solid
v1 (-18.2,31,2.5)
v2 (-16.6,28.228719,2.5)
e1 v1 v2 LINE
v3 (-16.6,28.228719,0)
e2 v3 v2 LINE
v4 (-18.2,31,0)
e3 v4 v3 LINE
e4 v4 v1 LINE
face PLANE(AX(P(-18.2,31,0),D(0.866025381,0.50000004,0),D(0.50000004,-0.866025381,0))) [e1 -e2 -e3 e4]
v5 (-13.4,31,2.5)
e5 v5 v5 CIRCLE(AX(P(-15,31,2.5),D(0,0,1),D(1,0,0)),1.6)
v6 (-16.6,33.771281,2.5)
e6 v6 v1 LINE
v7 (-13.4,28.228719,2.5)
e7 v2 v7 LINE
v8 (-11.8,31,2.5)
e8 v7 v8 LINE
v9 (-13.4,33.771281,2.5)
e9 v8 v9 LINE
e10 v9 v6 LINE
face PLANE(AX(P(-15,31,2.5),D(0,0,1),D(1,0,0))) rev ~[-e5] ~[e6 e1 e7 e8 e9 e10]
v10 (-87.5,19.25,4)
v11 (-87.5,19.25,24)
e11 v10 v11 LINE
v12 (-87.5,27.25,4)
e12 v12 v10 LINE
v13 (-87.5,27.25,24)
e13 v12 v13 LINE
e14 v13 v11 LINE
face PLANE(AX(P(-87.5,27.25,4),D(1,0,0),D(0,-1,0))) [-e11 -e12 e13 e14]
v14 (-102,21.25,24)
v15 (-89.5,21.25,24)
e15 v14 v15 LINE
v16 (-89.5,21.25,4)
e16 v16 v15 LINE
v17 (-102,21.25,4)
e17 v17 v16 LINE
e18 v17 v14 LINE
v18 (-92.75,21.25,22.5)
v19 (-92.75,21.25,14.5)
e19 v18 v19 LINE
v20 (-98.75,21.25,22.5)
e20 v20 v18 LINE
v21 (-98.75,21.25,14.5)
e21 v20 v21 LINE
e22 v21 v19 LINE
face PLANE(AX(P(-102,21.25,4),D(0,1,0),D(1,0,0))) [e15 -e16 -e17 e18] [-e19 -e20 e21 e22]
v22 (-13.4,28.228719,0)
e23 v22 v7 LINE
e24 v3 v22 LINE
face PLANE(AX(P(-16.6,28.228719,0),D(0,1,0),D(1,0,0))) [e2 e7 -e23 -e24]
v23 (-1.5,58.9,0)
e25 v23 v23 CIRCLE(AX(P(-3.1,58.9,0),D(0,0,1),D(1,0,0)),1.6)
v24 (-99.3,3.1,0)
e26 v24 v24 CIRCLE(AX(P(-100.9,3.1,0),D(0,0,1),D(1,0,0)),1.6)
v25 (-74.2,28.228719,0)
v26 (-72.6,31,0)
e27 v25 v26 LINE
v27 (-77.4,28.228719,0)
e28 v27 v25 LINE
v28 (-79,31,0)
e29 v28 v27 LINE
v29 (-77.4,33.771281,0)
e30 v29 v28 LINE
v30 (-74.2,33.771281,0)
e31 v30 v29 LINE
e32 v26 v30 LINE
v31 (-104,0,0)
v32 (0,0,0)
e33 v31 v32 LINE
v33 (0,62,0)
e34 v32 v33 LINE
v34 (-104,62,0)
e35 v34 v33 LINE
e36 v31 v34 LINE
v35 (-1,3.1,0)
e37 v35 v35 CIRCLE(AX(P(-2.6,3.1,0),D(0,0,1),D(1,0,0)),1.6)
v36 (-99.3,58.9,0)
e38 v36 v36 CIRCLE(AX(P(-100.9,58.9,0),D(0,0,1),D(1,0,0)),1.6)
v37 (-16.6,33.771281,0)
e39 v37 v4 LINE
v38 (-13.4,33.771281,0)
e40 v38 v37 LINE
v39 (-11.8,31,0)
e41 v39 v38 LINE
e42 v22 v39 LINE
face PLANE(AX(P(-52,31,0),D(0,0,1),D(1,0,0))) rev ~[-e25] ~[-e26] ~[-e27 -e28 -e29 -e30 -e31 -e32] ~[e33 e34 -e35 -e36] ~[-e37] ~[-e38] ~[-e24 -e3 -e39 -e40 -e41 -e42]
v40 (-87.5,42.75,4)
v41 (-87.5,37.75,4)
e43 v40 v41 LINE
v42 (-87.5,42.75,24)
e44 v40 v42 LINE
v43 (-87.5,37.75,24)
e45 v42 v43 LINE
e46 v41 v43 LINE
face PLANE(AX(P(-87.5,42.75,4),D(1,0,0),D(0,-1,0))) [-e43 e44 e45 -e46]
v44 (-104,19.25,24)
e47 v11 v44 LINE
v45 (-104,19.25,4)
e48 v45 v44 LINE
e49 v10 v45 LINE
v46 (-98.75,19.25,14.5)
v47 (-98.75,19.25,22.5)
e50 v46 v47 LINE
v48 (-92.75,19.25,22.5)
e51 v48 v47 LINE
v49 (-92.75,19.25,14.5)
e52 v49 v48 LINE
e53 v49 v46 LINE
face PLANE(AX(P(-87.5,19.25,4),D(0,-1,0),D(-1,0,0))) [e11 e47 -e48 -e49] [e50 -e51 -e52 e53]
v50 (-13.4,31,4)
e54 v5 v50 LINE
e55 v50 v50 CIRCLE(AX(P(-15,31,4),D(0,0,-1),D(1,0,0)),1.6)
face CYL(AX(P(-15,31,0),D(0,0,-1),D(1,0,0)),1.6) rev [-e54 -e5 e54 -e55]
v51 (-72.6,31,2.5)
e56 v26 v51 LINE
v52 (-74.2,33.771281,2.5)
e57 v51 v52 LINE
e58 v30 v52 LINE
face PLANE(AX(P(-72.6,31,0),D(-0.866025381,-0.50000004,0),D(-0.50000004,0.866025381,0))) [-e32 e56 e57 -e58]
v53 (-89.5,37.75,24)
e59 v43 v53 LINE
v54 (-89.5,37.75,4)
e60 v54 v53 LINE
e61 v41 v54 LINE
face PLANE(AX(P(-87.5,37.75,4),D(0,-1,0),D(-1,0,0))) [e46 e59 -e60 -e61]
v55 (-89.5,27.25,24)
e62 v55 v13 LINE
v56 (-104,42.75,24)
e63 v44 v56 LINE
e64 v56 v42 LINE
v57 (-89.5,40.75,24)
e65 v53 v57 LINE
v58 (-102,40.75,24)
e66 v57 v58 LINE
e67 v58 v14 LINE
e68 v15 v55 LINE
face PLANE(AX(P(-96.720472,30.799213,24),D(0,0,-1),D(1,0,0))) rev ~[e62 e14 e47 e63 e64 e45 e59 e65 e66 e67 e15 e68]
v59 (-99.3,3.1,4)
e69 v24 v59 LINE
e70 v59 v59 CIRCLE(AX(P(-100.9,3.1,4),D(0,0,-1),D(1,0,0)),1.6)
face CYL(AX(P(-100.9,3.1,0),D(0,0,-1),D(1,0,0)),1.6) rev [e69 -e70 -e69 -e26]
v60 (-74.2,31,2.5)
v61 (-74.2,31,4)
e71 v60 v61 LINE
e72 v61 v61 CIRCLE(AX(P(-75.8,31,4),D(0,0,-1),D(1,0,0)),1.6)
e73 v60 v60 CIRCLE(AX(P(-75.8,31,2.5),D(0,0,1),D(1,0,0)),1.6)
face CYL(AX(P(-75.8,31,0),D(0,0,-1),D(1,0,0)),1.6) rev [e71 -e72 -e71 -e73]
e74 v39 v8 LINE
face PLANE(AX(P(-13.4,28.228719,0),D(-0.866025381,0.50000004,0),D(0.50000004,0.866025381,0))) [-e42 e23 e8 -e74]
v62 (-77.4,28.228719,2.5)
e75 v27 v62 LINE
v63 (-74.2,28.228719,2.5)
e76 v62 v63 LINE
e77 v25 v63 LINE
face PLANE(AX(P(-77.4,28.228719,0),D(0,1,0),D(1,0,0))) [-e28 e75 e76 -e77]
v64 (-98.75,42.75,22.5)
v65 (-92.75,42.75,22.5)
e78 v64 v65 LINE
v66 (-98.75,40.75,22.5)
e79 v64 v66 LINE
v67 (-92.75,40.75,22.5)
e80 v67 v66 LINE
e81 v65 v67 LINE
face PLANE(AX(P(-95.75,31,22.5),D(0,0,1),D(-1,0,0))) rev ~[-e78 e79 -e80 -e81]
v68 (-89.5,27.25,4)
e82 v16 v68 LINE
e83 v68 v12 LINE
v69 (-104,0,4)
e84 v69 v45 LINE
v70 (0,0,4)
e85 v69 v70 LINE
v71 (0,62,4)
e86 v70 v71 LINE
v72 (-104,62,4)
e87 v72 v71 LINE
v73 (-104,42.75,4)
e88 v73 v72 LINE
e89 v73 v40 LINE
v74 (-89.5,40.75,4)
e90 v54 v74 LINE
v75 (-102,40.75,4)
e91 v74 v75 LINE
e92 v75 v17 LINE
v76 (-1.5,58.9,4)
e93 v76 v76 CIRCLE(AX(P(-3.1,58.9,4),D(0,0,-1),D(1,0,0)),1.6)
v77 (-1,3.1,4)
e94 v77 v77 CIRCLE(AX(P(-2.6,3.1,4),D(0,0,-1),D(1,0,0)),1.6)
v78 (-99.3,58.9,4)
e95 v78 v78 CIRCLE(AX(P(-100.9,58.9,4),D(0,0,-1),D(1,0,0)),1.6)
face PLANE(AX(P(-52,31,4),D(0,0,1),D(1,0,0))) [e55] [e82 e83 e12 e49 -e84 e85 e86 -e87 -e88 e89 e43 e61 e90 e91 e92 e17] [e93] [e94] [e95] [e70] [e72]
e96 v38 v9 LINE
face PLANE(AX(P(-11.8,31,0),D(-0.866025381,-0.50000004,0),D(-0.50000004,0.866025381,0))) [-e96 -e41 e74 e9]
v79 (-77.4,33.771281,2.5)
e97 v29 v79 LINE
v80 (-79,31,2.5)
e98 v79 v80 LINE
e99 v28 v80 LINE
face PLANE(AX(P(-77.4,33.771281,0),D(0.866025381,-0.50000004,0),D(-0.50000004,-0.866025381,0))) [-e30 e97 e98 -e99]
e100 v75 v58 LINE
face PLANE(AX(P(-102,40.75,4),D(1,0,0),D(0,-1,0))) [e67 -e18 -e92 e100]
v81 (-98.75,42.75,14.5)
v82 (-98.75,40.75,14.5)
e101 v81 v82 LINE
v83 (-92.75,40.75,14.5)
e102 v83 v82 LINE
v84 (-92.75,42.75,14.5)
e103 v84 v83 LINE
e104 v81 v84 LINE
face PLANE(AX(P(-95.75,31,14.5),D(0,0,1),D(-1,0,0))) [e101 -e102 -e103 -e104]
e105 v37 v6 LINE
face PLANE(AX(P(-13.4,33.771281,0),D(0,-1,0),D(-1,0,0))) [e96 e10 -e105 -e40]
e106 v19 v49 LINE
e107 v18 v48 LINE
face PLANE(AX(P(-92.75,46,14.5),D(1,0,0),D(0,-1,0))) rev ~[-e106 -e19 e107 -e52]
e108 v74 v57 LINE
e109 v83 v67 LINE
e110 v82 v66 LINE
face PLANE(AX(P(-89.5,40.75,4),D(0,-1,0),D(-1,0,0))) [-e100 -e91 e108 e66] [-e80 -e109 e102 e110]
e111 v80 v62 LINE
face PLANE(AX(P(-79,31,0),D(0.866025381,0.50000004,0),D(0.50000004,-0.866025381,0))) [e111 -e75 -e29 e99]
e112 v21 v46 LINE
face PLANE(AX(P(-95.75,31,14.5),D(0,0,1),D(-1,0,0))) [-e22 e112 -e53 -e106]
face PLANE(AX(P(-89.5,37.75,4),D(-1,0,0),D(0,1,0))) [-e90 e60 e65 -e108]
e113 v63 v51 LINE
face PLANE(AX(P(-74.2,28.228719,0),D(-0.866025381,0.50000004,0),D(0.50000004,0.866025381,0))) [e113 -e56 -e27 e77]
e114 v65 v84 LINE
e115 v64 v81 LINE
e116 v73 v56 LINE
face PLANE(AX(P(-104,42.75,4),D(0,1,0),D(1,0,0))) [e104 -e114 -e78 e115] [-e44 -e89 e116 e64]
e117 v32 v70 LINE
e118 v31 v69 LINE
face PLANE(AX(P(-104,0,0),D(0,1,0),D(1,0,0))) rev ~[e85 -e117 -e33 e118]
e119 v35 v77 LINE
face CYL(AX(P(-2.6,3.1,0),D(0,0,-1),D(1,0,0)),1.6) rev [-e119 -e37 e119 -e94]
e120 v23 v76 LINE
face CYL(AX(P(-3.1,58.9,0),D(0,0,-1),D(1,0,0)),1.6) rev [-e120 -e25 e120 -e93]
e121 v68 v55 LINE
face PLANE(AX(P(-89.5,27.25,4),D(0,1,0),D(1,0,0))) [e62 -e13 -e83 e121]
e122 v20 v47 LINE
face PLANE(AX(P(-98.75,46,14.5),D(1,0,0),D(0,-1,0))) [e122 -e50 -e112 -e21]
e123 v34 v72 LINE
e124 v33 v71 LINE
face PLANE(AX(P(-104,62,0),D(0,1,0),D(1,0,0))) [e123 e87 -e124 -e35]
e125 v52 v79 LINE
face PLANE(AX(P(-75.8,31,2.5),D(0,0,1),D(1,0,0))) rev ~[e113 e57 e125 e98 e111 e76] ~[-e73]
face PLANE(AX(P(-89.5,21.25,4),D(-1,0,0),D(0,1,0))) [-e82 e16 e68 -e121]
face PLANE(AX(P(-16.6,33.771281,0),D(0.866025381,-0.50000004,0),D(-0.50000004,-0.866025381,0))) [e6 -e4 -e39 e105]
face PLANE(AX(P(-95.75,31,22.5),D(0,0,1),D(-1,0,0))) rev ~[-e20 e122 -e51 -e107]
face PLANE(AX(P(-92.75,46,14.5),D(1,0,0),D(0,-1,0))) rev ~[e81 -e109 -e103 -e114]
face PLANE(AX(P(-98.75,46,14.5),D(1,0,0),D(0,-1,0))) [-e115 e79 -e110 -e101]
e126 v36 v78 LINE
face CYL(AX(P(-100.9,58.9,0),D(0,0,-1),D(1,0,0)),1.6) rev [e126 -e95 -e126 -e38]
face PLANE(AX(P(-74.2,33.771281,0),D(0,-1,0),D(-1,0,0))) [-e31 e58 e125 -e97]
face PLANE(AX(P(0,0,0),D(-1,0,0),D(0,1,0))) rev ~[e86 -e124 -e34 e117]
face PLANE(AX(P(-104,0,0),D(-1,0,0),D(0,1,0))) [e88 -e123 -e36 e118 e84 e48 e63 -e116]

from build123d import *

# Parameters (mm, degrees)
BOX_W                  = 6
BOX_H                  = 30
BOX_DEPTH              = 8
EXTRUDE001_DEPTH       = 20
CUT009_PLACEMENT_ANGLE = 180
SKETCH003_R            = 1.6
EXTRUDE003_DEPTH       = 2.5
SKETCH002_R            = 1.6
EXTRUDE002_DEPTH       = 2.5
SKETCH_R               = 1.6
EXTRUDE_DEPTH          = 10
CYLINDER007_R          = 1.6
CYLINDER007_DEPTH      = 10
CYLINDER006_R          = 1.6
CYLINDER006_DEPTH      = 10
CYLINDER005_R          = 1.6
CYLINDER005_DEPTH      = 10
CYLINDER004_R          = 1.6
CYLINDER004_DEPTH      = 10
BOX001_W               = 104
BOX001_H               = 62
BOX001_DEPTH           = 4


with BuildPart() as cube:
    # Box → Box (new body)
    with BuildSketch(Plane(origin=(-3, -15, 10.5), x_dir=(1, 0, 0), z_dir=(0, 0, 1))):
        with Locations((3, 15)):
            Rectangle(BOX_W, BOX_H)
    extrude(amount=BOX_DEPTH)


with BuildPart() as switch_holder:
    # Sketch001 → Extrude001 (new body)
    with BuildSketch(Plane.XY):
        Polygon((6.25, -9.75), (6.25, 9.75), (-6.25, 9.75), (-6.25, 3.75), (-8.25, 3.75), (-8.25, 11.75), (8.25, 11.75), (8.25, -11.75), (-8.25, -11.75), (-8.25, -6.75), (-6.25, -6.75), (-6.25, -9.75), align=None)
    extrude(amount=EXTRUDE001_DEPTH)

    # Cut009: cut Cube
    add(cube.part, mode=Mode.SUBTRACT)


with BuildPart() as switch_holder_1:
    # Cut009 placement: moved
    add(switch_holder.part.moved(Location((-95.75, 31, 4))).rotate(Axis((-95.75, 31, 4), (0, 0, 1)), CUT009_PLACEMENT_ANGLE))


with BuildPart() as nylon_nut_cutout001:
    # Sketch003 → Extrude003 (new body)
    with BuildSketch(Plane.XY):
        Polygon((3.2, 0), (1.6, 2.771281), (-1.6, 2.771281), (-3.2, 0), (-1.6, -2.771281), (1.6, -2.771281), align=None)
        Circle(SKETCH003_R, mode=Mode.SUBTRACT)
    extrude(amount=EXTRUDE003_DEPTH)


with BuildPart() as nylon_nut_cutout001_1:
    # Extrude003 placement: moved
    add(nylon_nut_cutout001.part.moved(Location((-75.8, 31, 0))))


with BuildPart() as nylon_nut_cutout:
    # Sketch002 → Extrude002 (new body)
    with BuildSketch(Plane.XY):
        Polygon((3.2, 0), (1.6, 2.771281), (-1.6, 2.771281), (-3.2, 0), (-1.6, -2.771281), (1.6, -2.771281), align=None)
        Circle(SKETCH002_R, mode=Mode.SUBTRACT)
    extrude(amount=EXTRUDE002_DEPTH)


with BuildPart() as nylon_nut_cutout_1:
    # Extrude002 placement: moved
    add(nylon_nut_cutout.part.moved(Location((-15, 31, 0))))


with BuildPart() as extrude_body:
    # Sketch → Extrude (new body)
    with BuildSketch(Plane.XY):
        with Locations((-15, 31)):
            Circle(SKETCH_R)
        with Locations((-75.8, 31)):
            Circle(SKETCH_R)
    extrude(amount=EXTRUDE_DEPTH)


with BuildPart() as mount_point003:
    # Cylinder007 → Cylinder007 (new body)
    with BuildSketch(Plane(origin=(-3.1, 58.9, 0), x_dir=(1, 0, 0), z_dir=(0, 0, 1))):
        Circle(CYLINDER007_R)
    extrude(amount=CYLINDER007_DEPTH)


with BuildPart() as mount_point002:
    # Cylinder006 → Cylinder006 (new body)
    with BuildSketch(Plane(origin=(-100.9, 58.9, 0), x_dir=(1, 0, 0), z_dir=(0, 0, 1))):
        Circle(CYLINDER006_R)
    extrude(amount=CYLINDER006_DEPTH)


with BuildPart() as mount_point001:
    # Cylinder005 → Cylinder005 (new body)
    with BuildSketch(Plane(origin=(-100.9, 3.1, 0), x_dir=(1, 0, 0), z_dir=(0, 0, 1))):
        Circle(CYLINDER005_R)
    extrude(amount=CYLINDER005_DEPTH)


with BuildPart() as mount_point:
    # Cylinder004 → Cylinder004 (new body)
    with BuildSketch(Plane(origin=(-2.6, 3.1, 0), x_dir=(1, 0, 0), z_dir=(0, 0, 1))):
        Circle(CYLINDER004_R)
    extrude(amount=CYLINDER004_DEPTH)


with BuildPart() as battery_platform:
    # Box001 → Box001 (new body)
    with BuildSketch(Plane(origin=(-104, 0, 0), x_dir=(1, 0, 0), z_dir=(0, 0, 1))):
        with Locations((52, 31)):
            Rectangle(BOX001_W, BOX001_H)
    extrude(amount=BOX001_DEPTH)

    # Cut005: cut Mount Point
    add(mount_point.part, mode=Mode.SUBTRACT)

    # Cut006: cut Mount Point001
    add(mount_point001.part, mode=Mode.SUBTRACT)

    # Cut007: cut Mount Point002
    add(mount_point002.part, mode=Mode.SUBTRACT)

    # Cut008: cut Mount Point003
    add(mount_point003.part, mode=Mode.SUBTRACT)

    # Cut: cut Extrude body
    add(extrude_body.part, mode=Mode.SUBTRACT)

    # Cut010: cut Nylon Nut Cutout
    add(nylon_nut_cutout_1.part, mode=Mode.SUBTRACT)

    # Cut011: cut Nylon Nut Cutout001
    add(nylon_nut_cutout001_1.part, mode=Mode.SUBTRACT)

    # Fusion: union Switch Holder
    add(switch_holder_1.part)


solid = battery_platform.part
